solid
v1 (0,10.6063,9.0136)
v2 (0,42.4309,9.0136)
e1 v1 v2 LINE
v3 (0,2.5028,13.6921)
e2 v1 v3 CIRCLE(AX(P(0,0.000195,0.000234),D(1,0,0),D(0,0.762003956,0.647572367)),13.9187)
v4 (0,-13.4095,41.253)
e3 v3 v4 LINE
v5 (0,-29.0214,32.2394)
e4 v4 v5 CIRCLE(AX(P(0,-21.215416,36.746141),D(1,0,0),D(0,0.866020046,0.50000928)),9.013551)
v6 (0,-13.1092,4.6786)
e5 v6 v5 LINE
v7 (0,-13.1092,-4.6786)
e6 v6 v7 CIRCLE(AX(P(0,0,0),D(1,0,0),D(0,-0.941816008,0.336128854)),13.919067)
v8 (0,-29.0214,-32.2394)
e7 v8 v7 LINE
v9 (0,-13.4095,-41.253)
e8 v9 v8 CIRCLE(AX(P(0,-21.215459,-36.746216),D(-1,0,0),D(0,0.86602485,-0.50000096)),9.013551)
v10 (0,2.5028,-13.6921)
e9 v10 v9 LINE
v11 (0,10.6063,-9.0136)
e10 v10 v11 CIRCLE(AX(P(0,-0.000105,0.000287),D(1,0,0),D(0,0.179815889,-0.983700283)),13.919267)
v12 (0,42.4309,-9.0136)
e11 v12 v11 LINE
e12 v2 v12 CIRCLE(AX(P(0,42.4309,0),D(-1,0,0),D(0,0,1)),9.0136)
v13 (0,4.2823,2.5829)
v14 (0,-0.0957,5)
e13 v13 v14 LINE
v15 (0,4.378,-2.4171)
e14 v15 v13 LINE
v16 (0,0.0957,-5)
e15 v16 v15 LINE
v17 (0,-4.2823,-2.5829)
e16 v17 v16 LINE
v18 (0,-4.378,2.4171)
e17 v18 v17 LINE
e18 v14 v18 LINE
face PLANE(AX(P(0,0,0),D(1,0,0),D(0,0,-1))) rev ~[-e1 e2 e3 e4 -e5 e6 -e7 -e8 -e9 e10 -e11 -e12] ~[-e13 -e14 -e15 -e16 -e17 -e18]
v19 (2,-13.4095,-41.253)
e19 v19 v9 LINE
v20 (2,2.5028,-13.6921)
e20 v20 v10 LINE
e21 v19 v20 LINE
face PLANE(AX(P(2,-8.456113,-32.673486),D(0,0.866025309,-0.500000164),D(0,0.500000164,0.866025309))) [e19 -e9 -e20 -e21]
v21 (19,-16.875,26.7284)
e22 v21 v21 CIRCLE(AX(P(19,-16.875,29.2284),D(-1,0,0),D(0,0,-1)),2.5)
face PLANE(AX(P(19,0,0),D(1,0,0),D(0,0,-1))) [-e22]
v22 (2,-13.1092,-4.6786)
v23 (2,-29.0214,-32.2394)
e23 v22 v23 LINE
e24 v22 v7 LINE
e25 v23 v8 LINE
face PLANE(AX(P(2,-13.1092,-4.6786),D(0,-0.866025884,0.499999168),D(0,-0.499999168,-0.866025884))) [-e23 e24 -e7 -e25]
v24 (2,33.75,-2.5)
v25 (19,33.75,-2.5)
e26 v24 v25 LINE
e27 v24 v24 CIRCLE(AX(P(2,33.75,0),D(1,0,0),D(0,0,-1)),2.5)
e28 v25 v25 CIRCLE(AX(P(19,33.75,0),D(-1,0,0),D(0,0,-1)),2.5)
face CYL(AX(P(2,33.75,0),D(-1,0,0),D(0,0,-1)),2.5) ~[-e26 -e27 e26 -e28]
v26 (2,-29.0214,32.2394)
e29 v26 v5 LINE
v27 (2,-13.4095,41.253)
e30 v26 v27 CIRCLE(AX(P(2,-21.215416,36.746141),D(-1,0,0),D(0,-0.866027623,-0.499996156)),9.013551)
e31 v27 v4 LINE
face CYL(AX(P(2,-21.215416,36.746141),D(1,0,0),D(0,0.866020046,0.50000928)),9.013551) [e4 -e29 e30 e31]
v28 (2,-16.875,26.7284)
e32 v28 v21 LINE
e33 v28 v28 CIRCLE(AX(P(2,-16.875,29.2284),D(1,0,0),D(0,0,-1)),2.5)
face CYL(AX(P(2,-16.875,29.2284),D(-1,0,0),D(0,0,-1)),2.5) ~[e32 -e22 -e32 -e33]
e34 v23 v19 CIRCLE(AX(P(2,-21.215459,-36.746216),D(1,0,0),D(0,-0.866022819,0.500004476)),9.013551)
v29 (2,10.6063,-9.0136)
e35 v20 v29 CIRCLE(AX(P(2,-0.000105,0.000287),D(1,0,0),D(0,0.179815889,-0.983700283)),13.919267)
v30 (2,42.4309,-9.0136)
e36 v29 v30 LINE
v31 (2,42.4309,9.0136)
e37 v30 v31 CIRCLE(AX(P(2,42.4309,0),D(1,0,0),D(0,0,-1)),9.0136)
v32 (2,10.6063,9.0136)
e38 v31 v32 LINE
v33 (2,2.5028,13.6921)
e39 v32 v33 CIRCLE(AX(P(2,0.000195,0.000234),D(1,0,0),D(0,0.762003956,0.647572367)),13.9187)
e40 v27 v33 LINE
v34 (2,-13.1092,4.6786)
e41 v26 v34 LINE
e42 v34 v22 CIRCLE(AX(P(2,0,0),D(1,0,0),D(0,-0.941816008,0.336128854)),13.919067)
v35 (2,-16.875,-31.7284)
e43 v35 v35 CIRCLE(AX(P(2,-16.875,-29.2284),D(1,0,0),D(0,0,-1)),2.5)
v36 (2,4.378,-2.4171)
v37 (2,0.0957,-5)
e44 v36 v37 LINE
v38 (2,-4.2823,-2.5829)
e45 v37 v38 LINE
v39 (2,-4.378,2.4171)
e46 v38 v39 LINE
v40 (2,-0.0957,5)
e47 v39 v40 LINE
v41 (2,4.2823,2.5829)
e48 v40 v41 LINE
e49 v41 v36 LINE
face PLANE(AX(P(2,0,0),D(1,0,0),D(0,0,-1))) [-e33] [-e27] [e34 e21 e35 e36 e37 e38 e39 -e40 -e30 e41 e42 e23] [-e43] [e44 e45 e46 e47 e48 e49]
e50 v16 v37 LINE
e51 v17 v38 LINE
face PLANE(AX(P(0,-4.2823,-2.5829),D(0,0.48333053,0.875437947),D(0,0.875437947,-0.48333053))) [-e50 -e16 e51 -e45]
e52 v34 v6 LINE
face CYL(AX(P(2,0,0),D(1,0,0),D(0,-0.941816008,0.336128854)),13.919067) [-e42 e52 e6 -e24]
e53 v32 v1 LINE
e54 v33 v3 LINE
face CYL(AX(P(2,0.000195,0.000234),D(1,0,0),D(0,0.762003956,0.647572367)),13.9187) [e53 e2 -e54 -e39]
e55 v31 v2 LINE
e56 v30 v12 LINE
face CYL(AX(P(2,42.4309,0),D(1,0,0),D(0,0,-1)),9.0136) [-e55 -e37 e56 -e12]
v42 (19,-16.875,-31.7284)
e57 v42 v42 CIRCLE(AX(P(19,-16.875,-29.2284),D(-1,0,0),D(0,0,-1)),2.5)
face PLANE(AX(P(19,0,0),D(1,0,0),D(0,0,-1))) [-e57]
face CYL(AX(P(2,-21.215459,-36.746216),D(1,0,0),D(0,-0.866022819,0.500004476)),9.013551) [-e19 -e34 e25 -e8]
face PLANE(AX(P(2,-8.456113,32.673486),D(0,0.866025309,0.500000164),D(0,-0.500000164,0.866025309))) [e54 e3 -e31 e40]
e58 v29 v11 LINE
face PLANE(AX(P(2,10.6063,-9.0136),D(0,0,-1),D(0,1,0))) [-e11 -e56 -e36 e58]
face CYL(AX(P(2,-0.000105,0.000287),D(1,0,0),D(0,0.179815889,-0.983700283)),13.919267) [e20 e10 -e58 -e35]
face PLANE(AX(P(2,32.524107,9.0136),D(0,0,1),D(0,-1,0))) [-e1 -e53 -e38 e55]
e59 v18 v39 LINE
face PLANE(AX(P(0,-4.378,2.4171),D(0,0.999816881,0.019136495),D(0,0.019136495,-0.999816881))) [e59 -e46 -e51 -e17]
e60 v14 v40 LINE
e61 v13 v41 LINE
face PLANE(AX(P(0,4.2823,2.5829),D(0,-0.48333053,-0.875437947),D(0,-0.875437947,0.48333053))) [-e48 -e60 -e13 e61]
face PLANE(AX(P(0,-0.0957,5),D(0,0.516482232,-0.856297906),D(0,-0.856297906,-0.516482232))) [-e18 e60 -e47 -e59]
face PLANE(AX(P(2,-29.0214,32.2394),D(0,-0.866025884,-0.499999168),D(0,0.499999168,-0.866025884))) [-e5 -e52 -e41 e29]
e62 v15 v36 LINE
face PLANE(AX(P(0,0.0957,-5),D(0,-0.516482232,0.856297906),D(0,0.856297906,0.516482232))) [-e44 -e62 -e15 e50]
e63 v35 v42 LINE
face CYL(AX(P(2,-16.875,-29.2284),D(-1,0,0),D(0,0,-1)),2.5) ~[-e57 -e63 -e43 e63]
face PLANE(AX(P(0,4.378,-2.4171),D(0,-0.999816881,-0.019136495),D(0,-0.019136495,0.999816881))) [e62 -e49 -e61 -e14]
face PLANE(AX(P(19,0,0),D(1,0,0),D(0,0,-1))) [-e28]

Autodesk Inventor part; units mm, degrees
ref_plane "YZ Plane" through (0, 0, 0) normal (1, 0, 0) x (0, 1, 0)
ref_plane "XZ Plane" through (0, 0, 0) normal (0, 1, 0) x (-1, 0, 0)
ref_plane "XY Plane" through (0, 0, 0) normal (0, 0, 1) x (1, 0, 0)
sketch "Esboço1" plane through (0, 0, 0) normal (1, 0, 0) x (0, 1, 0)
  circle A0 centre (0, 0) radius 51.5625
  dimension "d0" = 103.125
extrude "Extrusão1" add sketch "Esboço1" along normal blind 2
sketch "Esboço2" plane through (2, 0, 0) normal (1, 0, 0) x (0, 0, -1)
  point P0 (0, 0)
sketch "Esboço3" plane through (2, 0, 0) normal (1, 0, 0) x (0, 0, -1)
  line L0 (-44.5522, -25.7222) -> (-12.0542, -6.9595)
  line L1 (12.0542, -6.9595) -> (44.5522, -25.7222)
  line L2 (0, 13.919) -> (0, 51.4445)
  circle A0 centre (0, 0) radius 51.4445
  circle A1 centre (0, 0) radius 33.75
  circle A2 centre (0, 0) radius 51.5625 projected
  line L3 (-44.5522, -25.7222) -> (0, 0) construction
  line L4 (-32.2394, -29.0214) -> (-4.6786, -13.1092)
  line L5 (-13.6921, 2.5028) -> (-41.253, -13.4095)
  arc A3 (-41.253, -13.4095) -> (-32.2394, -29.0214) centre (-36.7462, -21.2154) ccw
  line L6 (0, 13.919) -> (0, 51.4445)
  line L7 (0, 0) -> (0, 51.4445) construction
  line L8 (9.0136, 10.6063) -> (9.0136, 42.4309)
  line L9 (-9.0136, 42.4309) -> (-9.0136, 10.6063)
  arc A4 (9.0136, 42.4309) -> (-9.0136, 42.4309) centre (0, 42.4309) ccw
  line L10 (12.0542, -6.9595) -> (44.5522, -25.7222)
  line L11 (0, 0) -> (44.5522, -25.7222) construction
  line L12 (4.6786, -13.1092) -> (32.2394, -29.0214)
  line L13 (41.253, -13.4095) -> (13.6921, 2.5028)
  arc A5 (32.2394, -29.0214) -> (41.253, -13.4095) centre (36.7462, -21.2154) ccw
  arc A6 (-9.0136, 10.6063) -> (-13.6921, 2.5028) centre (0, 0) ccw
  arc A7 (-4.6786, -13.1092) -> (4.6786, -13.1092) centre (0, 0) ccw
  arc A8 (13.6921, 2.5028) -> (9.0136, 10.6063) centre (0, 0) ccw
  circle A9 centre (0, 33.75) radius 2.5
  circle A10 centre (29.2284, -16.875) radius 2.5
  circle A11 centre (-29.2284, -16.875) radius 2.5
  point P0 (-22.2761, -12.8611)
  point P1 (0, 51.4445)
  point P2 (0, 25.7222)
  point P3 (44.5522, -25.7222)
  point P4 (22.2761, -12.8611)
  dimension "d5" = 5
  dimension "d6" = 5
  dimension "d7" = 5
  dimension "d8" = 103.125
  dimension "d9" = 67.5
extrude "Extrusão2" cut sketch "Esboço3" against normal blind 2 contours A3 L5 A1 A11 L0 | L0 A11 A1 L4 A3 | A11 A1 L0 | L0 A1 A11 | A4 L8 A1 A9 L2 | L2 A9 A1 L9 A4 | A5 L12 A1 A10 L1 | L1 A10 A1 L13 A5 | A1 A11 L0 | L0 A11 A1 | A1 L5 A6 L9 A9 L8 A8 L13 A10 L12 A7 L4 A11 | A9 A1 L2 | L2 A1 A9 | A10 A1 L1 | L1 A1 A10 | A1 A9 L2 | L2 A9 A1 | A1 A10 L1 | L1 A10 A1 keep common part
sketch "Esboço4" plane through (2, 0, 0) normal (1, 0, 0) x (0, 0, -1)
  circle A0 centre (0, 0) radius 33.75
  circle A1 centre (0, 33.75) radius 2.5
  circle A2 centre (-29.2284, -16.875) radius 2.5
  circle A3 centre (29.2284, -16.875) radius 2.5
  dimension "d10" = 67.5
  dimension "d11" = 5
  dimension "d14" = 360
extrude "Extrusão3" add sketch "Esboço4" along normal blind 17 contours A1 A0 | A0 A1 | A3 A0 | A0 A3 | A2 A0 | A0 A2
sketch "Esboço5" plane through (0, 0, 0) normal (-1, 0, 0) x (0, 0, 1)
  line L0 (5, -0.0957) -> (2.4171, -4.378)
  line L1 (2.4171, -4.378) -> (-2.5829, -4.2823)
  line L2 (-2.5829, -4.2823) -> (-5, 0.0957)
  line L3 (-5, 0.0957) -> (-2.4171, 4.378)
  line L4 (-2.4171, 4.378) -> (2.5829, 4.2823)
  line L5 (2.5829, 4.2823) -> (5, -0.0957)
  point P0 (0, 0)
  dimension "d18" = 10
extrude "Extrusão4" cut sketch "Esboço5" against normal blind 17
equation "\"d5\" = D_Furo_Planeta"
equation "\"d6\" = D_Furo_Planeta"
equation "\"d7\" = D_Furo_Planeta"
equation "\"d11\" = D_Furo_Planeta"
equation "\"modulo\" = 1.5"
equation "\"delta\" = 0.3"
equation "\"D_Furo_Sol\" = 8"
equation "\"D_Furo_Planeta\" = 5"
equation "\"Rendimento_eta\" = 0.85"
equation "\"Teste_Montagem\" = 0"
properties part number "Porta_Satelite"
